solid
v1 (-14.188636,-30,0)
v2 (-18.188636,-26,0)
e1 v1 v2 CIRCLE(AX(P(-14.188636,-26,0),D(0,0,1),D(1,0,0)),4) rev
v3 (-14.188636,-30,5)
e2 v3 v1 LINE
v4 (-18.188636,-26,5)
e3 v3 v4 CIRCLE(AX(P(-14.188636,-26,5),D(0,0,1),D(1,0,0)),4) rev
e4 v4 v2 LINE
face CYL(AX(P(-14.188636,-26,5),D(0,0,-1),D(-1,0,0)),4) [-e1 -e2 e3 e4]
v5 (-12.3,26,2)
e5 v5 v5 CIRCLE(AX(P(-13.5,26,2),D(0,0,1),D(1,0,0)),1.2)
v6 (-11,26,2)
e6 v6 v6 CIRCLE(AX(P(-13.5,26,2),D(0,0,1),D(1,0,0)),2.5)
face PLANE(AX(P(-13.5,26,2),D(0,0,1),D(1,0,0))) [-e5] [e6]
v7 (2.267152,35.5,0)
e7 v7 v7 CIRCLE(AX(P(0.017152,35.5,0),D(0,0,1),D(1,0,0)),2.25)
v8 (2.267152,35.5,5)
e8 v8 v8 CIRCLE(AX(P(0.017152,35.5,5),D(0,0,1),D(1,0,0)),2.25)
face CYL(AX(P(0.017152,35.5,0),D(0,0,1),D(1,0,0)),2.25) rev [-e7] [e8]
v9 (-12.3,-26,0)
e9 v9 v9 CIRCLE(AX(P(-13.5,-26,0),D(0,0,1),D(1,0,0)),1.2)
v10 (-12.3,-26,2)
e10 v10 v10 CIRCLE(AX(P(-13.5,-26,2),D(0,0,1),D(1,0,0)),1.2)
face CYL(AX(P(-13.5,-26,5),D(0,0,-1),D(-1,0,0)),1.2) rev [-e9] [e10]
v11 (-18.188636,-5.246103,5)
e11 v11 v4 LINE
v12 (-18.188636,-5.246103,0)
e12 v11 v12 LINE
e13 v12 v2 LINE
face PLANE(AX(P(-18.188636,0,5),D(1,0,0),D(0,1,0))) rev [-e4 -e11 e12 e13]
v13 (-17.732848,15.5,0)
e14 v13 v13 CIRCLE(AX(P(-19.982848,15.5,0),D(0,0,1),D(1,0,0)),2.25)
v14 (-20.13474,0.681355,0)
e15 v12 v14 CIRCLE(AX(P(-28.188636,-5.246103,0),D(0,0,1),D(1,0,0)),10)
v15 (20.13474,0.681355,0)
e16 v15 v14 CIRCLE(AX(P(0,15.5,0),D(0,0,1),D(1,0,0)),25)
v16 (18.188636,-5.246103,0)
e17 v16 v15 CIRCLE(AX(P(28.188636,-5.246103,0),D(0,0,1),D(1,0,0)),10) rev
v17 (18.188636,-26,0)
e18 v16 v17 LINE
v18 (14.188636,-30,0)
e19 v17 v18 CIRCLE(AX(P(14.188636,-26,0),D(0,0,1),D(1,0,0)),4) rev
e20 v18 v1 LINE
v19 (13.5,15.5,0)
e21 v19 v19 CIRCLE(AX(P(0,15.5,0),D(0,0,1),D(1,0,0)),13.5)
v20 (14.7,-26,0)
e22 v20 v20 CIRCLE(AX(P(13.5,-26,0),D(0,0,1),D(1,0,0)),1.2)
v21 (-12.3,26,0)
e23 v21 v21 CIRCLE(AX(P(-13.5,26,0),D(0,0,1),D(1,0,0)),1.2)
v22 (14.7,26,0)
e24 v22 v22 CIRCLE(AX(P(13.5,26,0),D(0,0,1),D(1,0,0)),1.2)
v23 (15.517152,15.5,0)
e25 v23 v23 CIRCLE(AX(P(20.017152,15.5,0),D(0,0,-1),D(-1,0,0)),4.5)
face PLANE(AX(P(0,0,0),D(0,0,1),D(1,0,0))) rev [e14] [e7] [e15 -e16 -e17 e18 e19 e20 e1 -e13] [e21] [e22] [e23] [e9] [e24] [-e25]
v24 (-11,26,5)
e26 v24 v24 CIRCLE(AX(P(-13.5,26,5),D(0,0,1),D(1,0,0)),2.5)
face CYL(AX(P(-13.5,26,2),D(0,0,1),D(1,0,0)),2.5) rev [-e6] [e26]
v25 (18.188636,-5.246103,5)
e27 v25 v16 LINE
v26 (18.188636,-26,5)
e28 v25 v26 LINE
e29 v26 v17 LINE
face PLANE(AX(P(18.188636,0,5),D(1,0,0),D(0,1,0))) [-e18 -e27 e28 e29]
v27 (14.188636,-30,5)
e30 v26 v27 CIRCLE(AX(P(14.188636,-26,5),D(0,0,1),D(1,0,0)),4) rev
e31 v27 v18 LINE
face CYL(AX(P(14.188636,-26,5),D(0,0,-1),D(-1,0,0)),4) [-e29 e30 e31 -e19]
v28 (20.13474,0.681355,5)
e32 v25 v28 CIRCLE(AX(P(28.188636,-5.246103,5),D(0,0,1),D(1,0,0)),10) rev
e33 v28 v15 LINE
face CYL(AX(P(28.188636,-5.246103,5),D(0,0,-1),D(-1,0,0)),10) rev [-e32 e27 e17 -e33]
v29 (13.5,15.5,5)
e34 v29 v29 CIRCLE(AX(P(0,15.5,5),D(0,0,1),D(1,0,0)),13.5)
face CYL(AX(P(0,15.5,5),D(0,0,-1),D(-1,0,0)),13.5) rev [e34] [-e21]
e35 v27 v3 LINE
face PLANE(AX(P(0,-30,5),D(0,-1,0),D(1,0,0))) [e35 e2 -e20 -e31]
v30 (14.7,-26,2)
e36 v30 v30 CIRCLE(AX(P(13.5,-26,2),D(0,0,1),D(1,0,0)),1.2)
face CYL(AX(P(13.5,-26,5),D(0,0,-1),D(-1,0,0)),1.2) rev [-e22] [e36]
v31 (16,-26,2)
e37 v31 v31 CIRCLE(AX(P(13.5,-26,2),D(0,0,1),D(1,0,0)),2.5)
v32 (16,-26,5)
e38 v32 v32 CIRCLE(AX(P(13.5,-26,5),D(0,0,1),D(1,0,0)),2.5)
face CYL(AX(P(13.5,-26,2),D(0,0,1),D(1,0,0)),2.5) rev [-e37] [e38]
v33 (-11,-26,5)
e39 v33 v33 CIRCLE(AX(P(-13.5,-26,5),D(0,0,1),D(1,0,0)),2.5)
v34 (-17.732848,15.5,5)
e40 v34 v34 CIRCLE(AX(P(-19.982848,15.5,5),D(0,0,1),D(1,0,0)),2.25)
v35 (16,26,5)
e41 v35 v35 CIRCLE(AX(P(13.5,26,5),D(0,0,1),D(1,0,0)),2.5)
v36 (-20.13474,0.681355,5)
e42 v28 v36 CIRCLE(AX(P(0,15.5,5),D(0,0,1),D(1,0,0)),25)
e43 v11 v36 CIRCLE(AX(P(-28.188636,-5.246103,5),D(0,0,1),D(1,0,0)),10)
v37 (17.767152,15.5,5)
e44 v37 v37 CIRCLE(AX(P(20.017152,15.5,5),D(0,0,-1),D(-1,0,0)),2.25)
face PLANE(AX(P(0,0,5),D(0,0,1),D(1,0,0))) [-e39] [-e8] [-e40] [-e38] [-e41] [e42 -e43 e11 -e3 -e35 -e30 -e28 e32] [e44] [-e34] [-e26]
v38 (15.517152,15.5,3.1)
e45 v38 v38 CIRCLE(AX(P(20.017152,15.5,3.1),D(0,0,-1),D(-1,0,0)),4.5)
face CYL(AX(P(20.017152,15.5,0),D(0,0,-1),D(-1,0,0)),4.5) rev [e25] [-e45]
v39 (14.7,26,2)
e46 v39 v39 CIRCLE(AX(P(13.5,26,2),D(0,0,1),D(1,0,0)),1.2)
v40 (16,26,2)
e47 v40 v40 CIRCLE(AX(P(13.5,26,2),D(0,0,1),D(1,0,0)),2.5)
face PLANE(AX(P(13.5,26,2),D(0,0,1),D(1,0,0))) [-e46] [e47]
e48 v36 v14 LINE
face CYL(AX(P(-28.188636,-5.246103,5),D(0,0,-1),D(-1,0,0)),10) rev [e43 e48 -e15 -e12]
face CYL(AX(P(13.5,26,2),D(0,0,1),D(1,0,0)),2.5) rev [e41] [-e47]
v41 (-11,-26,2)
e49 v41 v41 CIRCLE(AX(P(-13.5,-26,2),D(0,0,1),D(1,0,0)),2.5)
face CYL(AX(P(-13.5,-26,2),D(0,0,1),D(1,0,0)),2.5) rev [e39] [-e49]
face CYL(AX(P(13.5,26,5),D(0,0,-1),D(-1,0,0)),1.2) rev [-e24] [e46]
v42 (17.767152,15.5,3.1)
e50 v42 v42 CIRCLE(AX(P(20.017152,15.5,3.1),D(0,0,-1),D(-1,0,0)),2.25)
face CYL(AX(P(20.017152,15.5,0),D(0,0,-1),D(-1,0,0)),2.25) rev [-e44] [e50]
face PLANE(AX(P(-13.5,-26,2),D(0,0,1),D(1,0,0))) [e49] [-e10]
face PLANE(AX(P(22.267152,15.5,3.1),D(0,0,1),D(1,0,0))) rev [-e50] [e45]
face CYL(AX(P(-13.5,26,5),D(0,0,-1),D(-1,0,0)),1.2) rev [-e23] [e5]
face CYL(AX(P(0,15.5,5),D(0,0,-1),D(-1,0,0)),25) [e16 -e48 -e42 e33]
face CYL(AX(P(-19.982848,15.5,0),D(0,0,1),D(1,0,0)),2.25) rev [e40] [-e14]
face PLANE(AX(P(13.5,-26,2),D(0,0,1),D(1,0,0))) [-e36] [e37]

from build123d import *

# Parameters (mm, degrees)
SKETCH_1_R                   = 1.2
SKETCH_1_R_2                 = 13.5
EXTRUDE_1_DEPTH              = 5
SKETCH_2_R                   = 2.5
CUT_EXTRUDE_1_DEPTH          = 3
SKETCH_3_R                   = 2.25
CUT_EXTRUDE_2_DEPTH          = 1
CUT_EXTRUDE_2_DEPTH_BACK     = 6
HOLE_WIZARD_M4_2_D           = 4.5
HOLE_WIZARD_M4_2_CBORE_D     = 9
HOLE_WIZARD_M4_2_CBORE_DEPTH = 3.1


with BuildPart() as part:
    # 스케치1 → 보스-돌출1 (new body)
    with BuildSketch(Plane.XY):
        with BuildLine():
            Line((18.188636287, -5.246102869), (18.188636287, -26))
            ThreePointArc((18.188636287, -26), (17.017063412, -28.828427125), (14.188636287, -30))
            Line((14.188636287, -30), (-14.188636287, -30))
            ThreePointArc((-14.188636287, -30), (-17.017063412, -28.828427125), (-18.188636287, -26))
            Line((-18.188636287, -26), (-18.188636287, -5.246102869))
            ThreePointArc((-18.188636287, -5.246102869), (-18.687611058, -2.126724792), (-20.134740205, 0.681355093))
            ThreePointArc((-20.134740205, 0.681355093), (0, 40.5), (20.134740205, 0.681355093))
            ThreePointArc((20.134740205, 0.681355093), (18.687611058, -2.126724792), (18.188636287, -5.246102869))
        make_face()
        with Locations((-13.5, 26)):
            Circle(SKETCH_1_R, mode=Mode.SUBTRACT)
        with Locations((13.5, 26)):
            Circle(SKETCH_1_R, mode=Mode.SUBTRACT)
        with Locations((-13.5, -26)):
            Circle(SKETCH_1_R, mode=Mode.SUBTRACT)
        with Locations((13.5, -26)):
            Circle(SKETCH_1_R, mode=Mode.SUBTRACT)
        with Locations((0, 15.5)):
            Circle(SKETCH_1_R_2, mode=Mode.SUBTRACT)
    extrude(amount=EXTRUDE_1_DEPTH)

    # 스케치2 → 컷-돌출1 (cut)
    with BuildSketch(Plane.XY.offset(5)):
        with Locations((-13.5, 26)):
            Circle(SKETCH_2_R)
        with Locations((13.5, 26)):
            Circle(SKETCH_2_R)
        with Locations((-13.5, -26)):
            Circle(SKETCH_2_R)
        with Locations((13.5, -26)):
            Circle(SKETCH_2_R)
    extrude(amount=-CUT_EXTRUDE_1_DEPTH, mode=Mode.SUBTRACT)

    # 스케치3 → 컷-돌출2 (cut, two sides)
    with BuildSketch(Plane.XY.offset(5)) as cut_extrude_2_sk:
        with Locations((-19.982848321, 15.5)):
            Circle(SKETCH_3_R)
        with Locations((0.017151679, 35.5)):
            Circle(SKETCH_3_R)
    extrude(amount=CUT_EXTRUDE_2_DEPTH, mode=Mode.SUBTRACT)
    extrude(cut_extrude_2_sk.sketch, amount=-CUT_EXTRUDE_2_DEPTH_BACK, mode=Mode.SUBTRACT)

    # M4 남비 머리 나사용 카운터보어2 (through all)
    with Locations(Plane(origin=(0, 0, 0), x_dir=(-1, 0, 0), z_dir=(0, 0, -1))):
        with Locations((-20.017151679, 15.5)):
            CounterBoreHole(HOLE_WIZARD_M4_2_D / 2, HOLE_WIZARD_M4_2_CBORE_D / 2, HOLE_WIZARD_M4_2_CBORE_DEPTH)


solid = part.part
